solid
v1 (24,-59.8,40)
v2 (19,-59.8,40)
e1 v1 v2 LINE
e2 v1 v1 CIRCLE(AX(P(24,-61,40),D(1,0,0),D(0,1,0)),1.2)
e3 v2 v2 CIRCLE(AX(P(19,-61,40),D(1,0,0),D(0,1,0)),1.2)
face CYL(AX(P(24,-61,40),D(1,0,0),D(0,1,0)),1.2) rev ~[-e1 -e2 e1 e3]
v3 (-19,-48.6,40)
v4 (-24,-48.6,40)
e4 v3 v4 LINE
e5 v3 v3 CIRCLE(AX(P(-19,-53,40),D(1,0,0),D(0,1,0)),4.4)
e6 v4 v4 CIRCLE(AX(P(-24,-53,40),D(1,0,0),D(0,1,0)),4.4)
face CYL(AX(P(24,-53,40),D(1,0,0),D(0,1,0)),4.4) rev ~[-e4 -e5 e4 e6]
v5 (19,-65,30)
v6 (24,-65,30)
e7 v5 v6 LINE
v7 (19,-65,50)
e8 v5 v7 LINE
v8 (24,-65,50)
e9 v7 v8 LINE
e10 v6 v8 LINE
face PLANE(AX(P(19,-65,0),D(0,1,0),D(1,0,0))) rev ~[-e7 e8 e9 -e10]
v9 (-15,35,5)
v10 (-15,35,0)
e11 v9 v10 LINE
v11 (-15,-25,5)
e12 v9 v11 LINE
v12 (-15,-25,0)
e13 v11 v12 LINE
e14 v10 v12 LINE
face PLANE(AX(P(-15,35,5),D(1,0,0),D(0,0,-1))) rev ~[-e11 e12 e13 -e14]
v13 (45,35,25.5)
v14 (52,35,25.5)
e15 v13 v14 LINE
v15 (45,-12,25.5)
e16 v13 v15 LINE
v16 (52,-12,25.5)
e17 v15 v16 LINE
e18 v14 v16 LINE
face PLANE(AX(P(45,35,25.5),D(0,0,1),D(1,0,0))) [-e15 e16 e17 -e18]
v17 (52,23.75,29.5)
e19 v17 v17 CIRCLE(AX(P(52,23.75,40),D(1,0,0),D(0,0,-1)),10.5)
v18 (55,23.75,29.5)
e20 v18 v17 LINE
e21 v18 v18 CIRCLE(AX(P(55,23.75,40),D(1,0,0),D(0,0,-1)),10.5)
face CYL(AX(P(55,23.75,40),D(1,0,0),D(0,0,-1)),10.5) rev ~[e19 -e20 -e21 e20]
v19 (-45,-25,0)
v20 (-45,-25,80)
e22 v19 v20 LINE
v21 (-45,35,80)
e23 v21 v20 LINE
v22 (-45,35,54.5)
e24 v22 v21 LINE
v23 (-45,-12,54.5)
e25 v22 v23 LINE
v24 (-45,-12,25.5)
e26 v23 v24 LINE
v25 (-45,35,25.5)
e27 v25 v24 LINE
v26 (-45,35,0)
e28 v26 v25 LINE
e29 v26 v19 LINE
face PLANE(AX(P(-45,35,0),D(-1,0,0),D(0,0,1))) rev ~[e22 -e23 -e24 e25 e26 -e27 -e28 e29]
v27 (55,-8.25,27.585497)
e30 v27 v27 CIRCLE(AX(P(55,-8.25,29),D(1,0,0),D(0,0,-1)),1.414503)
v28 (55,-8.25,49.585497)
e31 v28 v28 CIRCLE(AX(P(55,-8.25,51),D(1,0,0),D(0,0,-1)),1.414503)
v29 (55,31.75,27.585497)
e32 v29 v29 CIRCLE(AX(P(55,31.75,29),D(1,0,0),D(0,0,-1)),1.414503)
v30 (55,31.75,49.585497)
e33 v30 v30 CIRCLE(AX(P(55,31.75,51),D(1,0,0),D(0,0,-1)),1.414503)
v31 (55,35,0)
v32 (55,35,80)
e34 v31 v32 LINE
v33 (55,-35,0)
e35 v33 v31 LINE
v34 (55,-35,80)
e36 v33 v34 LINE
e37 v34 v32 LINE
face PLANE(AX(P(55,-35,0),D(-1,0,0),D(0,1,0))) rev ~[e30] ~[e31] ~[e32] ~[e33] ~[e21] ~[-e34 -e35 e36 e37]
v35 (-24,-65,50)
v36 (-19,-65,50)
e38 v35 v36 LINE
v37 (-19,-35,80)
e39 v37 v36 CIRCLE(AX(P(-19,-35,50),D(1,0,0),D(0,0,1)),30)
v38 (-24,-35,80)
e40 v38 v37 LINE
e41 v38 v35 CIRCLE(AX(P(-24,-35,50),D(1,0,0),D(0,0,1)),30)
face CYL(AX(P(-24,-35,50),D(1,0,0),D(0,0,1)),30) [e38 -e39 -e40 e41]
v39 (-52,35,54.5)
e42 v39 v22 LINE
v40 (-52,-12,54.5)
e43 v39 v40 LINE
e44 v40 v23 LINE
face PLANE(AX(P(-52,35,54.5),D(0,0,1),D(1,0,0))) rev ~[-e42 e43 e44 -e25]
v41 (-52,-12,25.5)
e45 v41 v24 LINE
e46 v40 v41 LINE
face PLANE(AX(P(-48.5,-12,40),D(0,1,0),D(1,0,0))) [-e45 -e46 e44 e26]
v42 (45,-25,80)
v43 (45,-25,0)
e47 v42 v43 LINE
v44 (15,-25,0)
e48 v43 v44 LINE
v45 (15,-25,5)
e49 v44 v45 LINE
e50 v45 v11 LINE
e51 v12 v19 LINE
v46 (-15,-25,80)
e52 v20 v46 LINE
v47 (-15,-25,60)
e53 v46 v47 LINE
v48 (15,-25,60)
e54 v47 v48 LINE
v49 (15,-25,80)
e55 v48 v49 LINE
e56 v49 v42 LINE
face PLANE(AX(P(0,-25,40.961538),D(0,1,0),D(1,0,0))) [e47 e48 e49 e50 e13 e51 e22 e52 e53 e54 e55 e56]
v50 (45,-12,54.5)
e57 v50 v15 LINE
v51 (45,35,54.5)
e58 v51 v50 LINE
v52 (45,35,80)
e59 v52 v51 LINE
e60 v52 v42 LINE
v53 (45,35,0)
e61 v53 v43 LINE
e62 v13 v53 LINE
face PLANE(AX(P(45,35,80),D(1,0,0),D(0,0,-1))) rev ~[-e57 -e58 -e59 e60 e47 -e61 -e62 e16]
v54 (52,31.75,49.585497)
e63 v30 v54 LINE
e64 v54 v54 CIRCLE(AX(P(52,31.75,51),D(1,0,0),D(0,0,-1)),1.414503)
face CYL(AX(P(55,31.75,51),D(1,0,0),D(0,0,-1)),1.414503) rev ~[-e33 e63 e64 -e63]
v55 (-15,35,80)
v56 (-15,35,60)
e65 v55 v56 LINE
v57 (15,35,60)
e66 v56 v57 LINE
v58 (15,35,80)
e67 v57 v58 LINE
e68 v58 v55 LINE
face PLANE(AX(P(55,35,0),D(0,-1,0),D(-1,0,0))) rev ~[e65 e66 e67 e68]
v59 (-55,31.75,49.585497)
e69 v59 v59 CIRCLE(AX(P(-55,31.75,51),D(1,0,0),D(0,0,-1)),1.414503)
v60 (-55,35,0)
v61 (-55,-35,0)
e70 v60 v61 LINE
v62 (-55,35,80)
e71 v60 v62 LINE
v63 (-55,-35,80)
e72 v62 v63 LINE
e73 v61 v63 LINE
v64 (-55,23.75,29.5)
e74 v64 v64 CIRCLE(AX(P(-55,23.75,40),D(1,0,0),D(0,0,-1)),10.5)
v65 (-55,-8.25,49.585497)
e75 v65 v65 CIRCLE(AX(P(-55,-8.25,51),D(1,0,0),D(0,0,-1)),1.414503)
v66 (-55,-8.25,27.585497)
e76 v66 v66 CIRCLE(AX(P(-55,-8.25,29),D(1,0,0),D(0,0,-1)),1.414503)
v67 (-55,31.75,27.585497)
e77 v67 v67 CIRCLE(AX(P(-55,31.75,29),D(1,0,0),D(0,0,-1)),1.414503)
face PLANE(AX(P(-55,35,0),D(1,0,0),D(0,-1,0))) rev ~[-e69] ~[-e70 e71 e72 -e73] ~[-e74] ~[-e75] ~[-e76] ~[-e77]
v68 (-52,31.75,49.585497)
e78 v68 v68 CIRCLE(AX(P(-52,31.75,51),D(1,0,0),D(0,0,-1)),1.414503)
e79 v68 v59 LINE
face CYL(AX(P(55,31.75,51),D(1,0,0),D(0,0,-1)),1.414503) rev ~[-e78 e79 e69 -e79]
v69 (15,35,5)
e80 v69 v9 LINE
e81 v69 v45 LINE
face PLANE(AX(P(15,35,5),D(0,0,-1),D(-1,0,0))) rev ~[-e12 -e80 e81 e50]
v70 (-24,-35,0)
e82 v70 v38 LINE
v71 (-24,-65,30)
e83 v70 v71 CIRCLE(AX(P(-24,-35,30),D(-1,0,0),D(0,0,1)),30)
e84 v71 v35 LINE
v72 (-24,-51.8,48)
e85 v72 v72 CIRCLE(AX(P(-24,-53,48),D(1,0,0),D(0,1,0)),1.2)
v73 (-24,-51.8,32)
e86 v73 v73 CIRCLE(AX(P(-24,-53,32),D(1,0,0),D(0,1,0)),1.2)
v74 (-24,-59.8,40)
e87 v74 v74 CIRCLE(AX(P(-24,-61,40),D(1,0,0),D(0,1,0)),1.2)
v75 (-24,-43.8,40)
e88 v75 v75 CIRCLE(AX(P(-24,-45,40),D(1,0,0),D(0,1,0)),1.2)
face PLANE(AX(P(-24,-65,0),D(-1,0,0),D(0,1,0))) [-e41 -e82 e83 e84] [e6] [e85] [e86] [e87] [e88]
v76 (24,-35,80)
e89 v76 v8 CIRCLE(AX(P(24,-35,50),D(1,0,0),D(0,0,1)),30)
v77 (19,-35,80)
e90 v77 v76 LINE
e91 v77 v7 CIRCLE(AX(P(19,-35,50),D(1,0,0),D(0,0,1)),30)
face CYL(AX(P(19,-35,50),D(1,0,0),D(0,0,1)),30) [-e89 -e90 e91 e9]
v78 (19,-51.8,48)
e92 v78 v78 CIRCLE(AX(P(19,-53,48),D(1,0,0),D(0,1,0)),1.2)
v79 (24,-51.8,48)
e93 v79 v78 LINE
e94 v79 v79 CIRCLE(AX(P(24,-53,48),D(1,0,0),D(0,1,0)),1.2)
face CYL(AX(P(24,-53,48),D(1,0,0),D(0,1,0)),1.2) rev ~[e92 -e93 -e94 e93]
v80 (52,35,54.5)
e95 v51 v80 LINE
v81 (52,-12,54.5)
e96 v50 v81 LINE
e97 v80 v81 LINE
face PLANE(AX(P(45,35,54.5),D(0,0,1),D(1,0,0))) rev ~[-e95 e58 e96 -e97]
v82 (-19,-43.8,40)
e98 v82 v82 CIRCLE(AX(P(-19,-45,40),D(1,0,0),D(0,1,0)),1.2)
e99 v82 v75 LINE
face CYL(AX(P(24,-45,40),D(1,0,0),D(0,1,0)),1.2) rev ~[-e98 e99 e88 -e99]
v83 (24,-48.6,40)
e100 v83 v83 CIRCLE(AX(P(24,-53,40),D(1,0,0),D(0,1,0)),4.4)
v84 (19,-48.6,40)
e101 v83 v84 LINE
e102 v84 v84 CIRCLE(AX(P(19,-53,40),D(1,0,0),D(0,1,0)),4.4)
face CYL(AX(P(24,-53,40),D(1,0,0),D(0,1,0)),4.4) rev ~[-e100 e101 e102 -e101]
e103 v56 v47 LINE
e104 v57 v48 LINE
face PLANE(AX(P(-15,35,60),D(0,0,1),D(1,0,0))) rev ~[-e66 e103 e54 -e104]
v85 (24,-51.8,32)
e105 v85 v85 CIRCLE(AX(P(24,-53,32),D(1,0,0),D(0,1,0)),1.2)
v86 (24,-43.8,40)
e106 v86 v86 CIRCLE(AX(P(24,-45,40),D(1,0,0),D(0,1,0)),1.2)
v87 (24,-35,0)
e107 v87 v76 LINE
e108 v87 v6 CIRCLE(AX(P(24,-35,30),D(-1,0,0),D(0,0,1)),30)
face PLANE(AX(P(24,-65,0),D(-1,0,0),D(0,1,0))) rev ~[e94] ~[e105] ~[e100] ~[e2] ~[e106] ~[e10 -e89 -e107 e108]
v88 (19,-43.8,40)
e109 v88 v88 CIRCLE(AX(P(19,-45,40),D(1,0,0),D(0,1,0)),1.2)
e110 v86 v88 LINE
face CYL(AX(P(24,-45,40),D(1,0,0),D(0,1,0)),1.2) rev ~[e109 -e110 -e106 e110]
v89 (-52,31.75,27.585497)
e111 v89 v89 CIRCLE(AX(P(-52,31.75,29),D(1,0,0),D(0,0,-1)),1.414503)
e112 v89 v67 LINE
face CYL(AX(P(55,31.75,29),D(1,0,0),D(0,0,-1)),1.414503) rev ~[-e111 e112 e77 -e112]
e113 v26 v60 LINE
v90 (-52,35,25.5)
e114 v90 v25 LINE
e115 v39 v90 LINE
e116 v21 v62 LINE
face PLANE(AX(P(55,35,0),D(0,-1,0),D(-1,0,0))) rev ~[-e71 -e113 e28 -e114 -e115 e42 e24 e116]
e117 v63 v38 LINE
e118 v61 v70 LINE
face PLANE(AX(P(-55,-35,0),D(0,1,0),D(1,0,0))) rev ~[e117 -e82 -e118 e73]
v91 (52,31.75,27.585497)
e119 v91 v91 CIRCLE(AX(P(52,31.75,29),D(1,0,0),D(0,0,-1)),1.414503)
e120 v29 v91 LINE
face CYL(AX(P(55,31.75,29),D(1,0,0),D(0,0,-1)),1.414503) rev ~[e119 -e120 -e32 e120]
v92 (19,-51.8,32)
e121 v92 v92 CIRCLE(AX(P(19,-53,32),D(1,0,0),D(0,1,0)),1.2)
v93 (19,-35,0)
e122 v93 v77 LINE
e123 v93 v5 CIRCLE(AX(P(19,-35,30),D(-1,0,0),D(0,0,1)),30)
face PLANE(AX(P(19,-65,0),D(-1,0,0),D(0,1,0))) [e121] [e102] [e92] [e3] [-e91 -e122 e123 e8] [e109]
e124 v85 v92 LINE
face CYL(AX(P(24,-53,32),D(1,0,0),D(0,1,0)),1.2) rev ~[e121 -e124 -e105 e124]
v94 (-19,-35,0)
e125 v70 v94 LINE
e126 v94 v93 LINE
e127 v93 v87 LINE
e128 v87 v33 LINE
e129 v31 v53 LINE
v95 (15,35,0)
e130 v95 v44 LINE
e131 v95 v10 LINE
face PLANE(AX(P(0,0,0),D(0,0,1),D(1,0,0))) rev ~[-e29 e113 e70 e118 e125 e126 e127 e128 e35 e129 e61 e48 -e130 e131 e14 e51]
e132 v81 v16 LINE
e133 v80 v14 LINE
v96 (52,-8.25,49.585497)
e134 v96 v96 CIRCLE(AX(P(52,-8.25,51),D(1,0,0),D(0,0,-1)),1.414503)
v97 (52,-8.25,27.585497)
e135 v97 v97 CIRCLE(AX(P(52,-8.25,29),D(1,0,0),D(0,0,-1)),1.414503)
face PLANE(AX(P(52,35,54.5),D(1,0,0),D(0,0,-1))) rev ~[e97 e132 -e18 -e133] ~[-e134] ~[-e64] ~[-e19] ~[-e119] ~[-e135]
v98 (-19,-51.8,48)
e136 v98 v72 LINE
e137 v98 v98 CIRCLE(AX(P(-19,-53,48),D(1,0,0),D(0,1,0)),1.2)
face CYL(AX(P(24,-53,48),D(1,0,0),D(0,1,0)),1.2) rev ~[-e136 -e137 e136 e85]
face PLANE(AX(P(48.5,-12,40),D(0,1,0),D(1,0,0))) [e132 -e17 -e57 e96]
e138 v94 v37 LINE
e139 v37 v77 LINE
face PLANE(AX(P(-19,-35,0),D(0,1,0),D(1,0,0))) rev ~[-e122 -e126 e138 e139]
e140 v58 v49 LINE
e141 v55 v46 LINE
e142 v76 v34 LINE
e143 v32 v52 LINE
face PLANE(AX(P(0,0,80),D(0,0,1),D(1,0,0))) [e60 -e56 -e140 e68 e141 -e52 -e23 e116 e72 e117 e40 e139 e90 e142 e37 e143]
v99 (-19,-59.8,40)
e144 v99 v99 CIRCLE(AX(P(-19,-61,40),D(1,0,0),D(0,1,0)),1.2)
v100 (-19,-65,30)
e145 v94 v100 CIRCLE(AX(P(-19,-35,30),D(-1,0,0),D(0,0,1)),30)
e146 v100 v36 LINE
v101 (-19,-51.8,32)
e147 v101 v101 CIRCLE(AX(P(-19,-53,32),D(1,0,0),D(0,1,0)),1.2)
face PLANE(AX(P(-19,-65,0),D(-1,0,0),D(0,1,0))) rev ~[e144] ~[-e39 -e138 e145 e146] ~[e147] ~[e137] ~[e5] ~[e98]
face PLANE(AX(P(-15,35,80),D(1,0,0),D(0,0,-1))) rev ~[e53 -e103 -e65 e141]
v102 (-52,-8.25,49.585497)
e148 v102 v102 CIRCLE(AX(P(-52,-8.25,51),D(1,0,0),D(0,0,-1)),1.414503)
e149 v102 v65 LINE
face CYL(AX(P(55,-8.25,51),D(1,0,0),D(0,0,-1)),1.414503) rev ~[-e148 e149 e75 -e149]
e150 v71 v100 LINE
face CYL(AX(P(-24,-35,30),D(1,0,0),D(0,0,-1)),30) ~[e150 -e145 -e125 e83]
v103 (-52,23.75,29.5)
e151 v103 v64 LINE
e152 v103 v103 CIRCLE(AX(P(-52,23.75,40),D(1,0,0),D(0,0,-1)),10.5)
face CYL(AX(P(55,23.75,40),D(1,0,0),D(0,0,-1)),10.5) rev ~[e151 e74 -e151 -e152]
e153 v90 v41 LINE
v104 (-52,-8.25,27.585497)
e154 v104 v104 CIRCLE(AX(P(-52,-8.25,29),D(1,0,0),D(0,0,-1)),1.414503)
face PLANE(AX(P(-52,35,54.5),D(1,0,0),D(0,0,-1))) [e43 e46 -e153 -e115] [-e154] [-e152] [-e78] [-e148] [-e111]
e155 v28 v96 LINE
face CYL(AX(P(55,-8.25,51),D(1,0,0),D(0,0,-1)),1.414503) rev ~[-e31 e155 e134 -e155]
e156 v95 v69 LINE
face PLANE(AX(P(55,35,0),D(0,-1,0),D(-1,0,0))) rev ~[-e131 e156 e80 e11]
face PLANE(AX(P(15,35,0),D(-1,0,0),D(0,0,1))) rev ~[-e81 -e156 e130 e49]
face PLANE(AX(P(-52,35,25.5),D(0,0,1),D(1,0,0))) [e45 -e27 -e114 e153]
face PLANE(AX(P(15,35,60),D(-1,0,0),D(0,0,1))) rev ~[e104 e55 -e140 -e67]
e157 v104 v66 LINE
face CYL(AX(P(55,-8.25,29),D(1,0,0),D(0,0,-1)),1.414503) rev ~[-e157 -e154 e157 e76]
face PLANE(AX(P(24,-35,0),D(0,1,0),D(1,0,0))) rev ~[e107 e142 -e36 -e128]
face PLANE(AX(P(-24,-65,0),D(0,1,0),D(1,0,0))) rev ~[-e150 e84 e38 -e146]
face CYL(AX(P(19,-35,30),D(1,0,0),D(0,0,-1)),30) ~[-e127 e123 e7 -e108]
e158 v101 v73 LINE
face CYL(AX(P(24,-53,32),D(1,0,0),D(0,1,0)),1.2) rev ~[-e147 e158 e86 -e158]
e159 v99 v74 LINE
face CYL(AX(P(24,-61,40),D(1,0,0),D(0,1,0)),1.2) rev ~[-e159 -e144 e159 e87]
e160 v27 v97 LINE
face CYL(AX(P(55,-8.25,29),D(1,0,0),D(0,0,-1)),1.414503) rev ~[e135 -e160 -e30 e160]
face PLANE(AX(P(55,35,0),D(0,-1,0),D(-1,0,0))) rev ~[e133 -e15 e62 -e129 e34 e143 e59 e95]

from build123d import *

# Parameters (mm, degrees)
SKETCH1_W           = 5
SKETCH1_H           = 30
BOSS_EXTRUDE1_DEPTH = 80
SKETCH2_R           = 1.2
SKETCH2_R_2         = 4.4
CUT_EXTRUDE1_DEPTH  = 80
CUT_EXTRUDE3_DEPTH  = 60
FILLET1_R           = 30
SKETCH6_R           = 10.5
SKETCH6_R_2         = 1.41450308
CUT_EXTRUDE4_DEPTH  = 151.748134317
SKETCH8_W           = 7
SKETCH8_H           = 29
CUT_EXTRUDE5_DEPTH  = 47


with BuildPart() as part:
    # Sketch1 → Boss-Extrude1 (new body)
    with BuildSketch(Plane.XY):
        Polygon((55, 35), (-55, 35), (-55, -35), (-24, -35), (-19, -35), (19, -35), (24, -35), (55, -35), align=None)
        with Locations((-21.5, -50)):
            Rectangle(SKETCH1_W, SKETCH1_H)
        with Locations((21.5, -50)):
            Rectangle(SKETCH1_W, SKETCH1_H)
    extrude(amount=BOSS_EXTRUDE1_DEPTH)

    # Sketch2 → Cut-Extrude1 (cut)
    with BuildSketch(Plane(origin=(24, 0, 0), x_dir=(0, 0, -1), z_dir=(1, 0, 0))):
        with Locations(Location((-40, -45, 0), (0, 0, 90))):
            Circle(SKETCH2_R)
        with Locations(Location((-32, -53, 0), (0, 0, 90))):
            Circle(SKETCH2_R)
        with Locations(Location((-40, -61, 0), (0, 0, 90))):
            Circle(SKETCH2_R)
        with Locations(Location((-48, -53, 0), (0, 0, 90))):
            Circle(SKETCH2_R)
        with Locations(Location((-40, -53, 0), (0, 0, 90))):
            Circle(SKETCH2_R_2)
    extrude(amount=-CUT_EXTRUDE1_DEPTH, mode=Mode.SUBTRACT)

    # Sketch4 → Cut-Extrude3 (cut)
    with BuildSketch(Plane(origin=(0, 35, 0), x_dir=(1, 0, 0), z_dir=(0, 1, 0))):
        Polygon((-45, 0), (-45, -80), (-15, -80), (-15, -60), (15, -60), (15, -80), (45, -80), (45, 0), (15, 0), (15, -5), (-15, -5), (-15, 0), align=None)
    extrude(amount=-CUT_EXTRUDE3_DEPTH, mode=Mode.SUBTRACT)

    # Fillet1
    fillet1_edges = [part.edges().sort_by_distance(p)[0] for p in [
        (-21.5, -65, 0),
        (-21.5, -65, 80),
        (21.5, -65, 0),
        (21.5, -65, 80),
    ]]
    fillet(fillet1_edges, radius=FILLET1_R)

    # Sketch6 → Cut-Extrude4 (cut, through all)
    with BuildSketch(Plane(origin=(55, 0, 0), x_dir=(0, 0, -1), z_dir=(1, 0, 0))):
        with Locations((-40, 23.75)):
            Circle(SKETCH6_R)
        with Locations((-51, 31.75)):
            Circle(SKETCH6_R_2)
        with Locations((-29, 31.75)):
            Circle(SKETCH6_R_2)
        with Locations((-51, -8.25)):
            Circle(SKETCH6_R_2)
        with Locations((-29, -8.25)):
            Circle(SKETCH6_R_2)
    extrude(amount=-CUT_EXTRUDE4_DEPTH, mode=Mode.SUBTRACT)

    # Sketch8 → Cut-Extrude5 (cut)
    with BuildSketch(Plane(origin=(0, 35, 0), x_dir=(1, 0, 0), z_dir=(0, 1, 0))):
        with Locations((-48.5, -40)):
            Rectangle(SKETCH8_W, SKETCH8_H)
        with Locations((48.5, -40)):
            Rectangle(SKETCH8_W, SKETCH8_H)
    extrude(amount=-CUT_EXTRUDE5_DEPTH, mode=Mode.SUBTRACT)


solid = part.part
